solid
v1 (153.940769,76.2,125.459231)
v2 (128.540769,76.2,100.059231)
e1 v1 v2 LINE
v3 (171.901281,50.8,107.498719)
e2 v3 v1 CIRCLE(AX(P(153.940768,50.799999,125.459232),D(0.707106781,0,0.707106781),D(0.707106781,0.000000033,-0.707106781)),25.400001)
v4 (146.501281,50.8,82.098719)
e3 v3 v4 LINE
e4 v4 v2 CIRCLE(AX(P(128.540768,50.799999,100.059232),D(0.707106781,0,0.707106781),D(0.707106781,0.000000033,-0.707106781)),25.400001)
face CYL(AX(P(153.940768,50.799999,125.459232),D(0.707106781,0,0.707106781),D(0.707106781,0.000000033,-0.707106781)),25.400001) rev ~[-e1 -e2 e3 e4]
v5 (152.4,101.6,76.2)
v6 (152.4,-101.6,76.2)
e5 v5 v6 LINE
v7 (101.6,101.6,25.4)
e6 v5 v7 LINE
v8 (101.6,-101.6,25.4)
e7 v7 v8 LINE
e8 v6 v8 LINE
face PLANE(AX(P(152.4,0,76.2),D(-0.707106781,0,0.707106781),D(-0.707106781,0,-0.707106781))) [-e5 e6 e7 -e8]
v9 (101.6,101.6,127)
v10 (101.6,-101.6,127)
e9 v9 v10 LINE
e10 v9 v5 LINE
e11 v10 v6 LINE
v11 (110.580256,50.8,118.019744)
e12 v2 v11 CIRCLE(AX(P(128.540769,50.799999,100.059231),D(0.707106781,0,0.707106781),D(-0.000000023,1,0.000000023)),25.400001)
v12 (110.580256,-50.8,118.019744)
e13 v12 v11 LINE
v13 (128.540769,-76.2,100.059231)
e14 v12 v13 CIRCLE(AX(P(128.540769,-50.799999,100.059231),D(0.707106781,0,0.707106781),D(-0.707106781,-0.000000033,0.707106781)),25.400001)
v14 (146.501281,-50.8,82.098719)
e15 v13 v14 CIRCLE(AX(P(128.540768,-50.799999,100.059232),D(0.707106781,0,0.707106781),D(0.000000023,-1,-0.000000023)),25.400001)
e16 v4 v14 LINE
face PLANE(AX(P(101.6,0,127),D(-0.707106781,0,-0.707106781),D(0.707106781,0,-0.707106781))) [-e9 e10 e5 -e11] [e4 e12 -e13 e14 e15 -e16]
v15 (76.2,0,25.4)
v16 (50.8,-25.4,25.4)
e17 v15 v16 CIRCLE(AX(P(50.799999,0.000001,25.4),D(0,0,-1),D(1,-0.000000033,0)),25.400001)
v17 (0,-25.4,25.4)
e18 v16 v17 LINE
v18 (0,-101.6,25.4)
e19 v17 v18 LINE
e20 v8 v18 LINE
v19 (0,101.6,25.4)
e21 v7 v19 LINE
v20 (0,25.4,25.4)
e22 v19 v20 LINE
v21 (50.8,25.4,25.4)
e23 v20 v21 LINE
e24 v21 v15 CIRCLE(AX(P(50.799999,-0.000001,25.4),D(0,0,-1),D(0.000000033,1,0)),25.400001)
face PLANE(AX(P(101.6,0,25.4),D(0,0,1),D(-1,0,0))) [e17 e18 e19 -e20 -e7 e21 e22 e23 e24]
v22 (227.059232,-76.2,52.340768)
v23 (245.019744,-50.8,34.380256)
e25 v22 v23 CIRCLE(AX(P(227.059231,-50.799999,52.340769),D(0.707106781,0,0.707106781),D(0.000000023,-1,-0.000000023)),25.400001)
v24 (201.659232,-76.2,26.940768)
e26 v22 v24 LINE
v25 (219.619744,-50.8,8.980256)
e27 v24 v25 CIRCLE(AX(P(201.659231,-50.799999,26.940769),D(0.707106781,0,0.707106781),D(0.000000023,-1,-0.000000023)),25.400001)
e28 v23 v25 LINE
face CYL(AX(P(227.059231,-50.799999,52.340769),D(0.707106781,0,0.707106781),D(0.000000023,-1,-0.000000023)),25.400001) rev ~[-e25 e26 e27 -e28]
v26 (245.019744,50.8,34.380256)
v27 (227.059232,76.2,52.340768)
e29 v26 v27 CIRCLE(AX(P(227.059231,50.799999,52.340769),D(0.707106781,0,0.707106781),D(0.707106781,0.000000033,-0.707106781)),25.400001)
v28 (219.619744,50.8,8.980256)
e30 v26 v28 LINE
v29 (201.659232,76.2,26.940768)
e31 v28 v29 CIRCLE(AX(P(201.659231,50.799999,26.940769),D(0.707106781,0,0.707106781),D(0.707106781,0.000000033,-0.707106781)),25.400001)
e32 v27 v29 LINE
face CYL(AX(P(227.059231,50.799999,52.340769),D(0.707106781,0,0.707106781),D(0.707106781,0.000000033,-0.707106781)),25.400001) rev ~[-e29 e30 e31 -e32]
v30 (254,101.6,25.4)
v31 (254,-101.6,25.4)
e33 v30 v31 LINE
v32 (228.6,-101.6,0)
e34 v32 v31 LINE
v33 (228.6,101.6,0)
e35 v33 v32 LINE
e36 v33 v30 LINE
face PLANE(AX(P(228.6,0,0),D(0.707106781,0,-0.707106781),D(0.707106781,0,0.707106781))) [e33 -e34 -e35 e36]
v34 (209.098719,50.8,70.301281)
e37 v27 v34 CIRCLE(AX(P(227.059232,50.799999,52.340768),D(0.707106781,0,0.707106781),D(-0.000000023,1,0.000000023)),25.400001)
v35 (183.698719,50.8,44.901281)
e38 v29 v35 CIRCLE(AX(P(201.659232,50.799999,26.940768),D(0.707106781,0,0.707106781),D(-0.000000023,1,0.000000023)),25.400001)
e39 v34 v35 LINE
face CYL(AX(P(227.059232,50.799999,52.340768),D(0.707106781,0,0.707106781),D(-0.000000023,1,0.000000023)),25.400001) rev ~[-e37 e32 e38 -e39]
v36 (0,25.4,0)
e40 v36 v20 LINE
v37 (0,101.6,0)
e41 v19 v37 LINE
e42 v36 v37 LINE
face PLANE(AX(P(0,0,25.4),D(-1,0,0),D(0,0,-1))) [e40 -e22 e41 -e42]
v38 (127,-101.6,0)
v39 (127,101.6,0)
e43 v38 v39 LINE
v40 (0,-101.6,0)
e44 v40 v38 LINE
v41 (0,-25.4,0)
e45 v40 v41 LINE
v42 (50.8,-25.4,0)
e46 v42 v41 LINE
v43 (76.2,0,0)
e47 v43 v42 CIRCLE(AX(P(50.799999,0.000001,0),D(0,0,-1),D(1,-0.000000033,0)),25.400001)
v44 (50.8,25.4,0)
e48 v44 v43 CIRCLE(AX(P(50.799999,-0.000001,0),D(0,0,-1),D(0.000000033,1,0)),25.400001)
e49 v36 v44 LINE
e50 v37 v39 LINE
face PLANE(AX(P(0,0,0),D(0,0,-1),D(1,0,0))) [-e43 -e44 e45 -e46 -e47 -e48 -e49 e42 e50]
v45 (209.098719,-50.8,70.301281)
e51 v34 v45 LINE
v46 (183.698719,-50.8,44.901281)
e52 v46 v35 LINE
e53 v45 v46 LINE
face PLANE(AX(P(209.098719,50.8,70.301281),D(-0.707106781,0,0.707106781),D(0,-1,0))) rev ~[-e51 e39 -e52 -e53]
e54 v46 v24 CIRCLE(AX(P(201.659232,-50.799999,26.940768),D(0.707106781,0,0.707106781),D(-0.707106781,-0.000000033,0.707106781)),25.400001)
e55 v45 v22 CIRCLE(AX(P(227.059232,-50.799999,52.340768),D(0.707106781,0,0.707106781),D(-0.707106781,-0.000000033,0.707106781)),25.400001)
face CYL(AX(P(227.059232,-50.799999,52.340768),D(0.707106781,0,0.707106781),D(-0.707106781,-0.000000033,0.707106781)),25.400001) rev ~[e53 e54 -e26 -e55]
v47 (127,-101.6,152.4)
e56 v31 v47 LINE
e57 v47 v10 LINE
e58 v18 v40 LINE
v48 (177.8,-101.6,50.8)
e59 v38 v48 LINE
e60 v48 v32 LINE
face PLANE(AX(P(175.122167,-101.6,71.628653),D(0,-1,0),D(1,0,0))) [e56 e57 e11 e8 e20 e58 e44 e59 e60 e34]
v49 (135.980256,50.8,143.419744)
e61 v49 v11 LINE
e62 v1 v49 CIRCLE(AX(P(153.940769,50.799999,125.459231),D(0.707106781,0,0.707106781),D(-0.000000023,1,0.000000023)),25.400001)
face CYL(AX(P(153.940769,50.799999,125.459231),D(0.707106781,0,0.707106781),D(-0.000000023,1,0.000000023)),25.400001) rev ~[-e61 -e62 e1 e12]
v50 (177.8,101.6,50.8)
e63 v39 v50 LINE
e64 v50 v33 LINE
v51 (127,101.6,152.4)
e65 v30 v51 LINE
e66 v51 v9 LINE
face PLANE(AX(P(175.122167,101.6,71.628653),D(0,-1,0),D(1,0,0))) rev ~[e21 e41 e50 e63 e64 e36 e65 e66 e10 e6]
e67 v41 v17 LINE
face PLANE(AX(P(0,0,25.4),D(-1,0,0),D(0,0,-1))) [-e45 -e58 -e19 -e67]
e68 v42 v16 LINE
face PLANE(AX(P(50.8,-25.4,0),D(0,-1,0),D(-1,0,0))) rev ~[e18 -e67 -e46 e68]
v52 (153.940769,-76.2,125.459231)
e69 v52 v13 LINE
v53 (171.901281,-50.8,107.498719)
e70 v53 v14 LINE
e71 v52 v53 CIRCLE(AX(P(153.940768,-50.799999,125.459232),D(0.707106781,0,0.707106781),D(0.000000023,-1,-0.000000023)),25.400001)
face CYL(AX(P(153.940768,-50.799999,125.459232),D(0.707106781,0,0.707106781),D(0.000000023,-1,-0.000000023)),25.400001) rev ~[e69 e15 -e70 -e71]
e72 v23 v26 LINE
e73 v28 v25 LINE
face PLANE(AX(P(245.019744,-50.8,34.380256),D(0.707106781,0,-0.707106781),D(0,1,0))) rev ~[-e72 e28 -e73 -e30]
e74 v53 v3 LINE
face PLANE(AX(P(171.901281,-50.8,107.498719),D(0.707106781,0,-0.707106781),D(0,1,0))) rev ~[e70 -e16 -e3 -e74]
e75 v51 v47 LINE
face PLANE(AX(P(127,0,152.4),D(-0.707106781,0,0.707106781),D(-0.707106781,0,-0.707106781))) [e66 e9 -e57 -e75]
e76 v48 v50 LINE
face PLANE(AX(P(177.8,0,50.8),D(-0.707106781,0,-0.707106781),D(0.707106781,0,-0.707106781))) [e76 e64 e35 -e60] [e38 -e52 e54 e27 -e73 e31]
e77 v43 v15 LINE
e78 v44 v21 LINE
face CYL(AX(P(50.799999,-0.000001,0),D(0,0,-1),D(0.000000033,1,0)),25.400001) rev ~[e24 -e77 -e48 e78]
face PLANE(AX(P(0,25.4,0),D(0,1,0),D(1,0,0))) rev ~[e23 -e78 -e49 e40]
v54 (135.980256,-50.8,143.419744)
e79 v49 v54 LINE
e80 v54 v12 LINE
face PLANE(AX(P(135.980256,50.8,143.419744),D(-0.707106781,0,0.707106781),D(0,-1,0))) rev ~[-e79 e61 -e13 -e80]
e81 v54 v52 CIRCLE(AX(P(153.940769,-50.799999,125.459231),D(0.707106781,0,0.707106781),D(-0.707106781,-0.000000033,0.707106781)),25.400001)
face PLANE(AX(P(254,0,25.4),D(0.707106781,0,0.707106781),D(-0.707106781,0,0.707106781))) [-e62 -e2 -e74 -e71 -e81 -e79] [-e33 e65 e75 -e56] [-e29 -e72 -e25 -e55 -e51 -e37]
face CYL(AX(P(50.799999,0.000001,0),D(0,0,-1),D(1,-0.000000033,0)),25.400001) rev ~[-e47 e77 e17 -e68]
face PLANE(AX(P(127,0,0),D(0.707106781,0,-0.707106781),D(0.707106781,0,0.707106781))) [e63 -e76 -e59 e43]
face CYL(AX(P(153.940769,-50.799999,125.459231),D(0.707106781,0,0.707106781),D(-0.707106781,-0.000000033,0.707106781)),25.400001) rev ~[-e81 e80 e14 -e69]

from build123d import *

# Parameters (mm, degrees)
F1_DEPTH = 101.6
F3_DEPTH = 25.4
F5_DEPTH = 37.846


with BuildPart() as f1:
    # F0 (on Front) → F1 (new body, symmetric)
    with BuildSketch(Plane.XZ):
        Polygon((152.4, 76.2), (152.4, 25.4), (177.8, 50.8), (228.6, 0), (254, 25.4), (127, 152.4), (101.6, 127), align=None)
        Polygon((152.4, 76.2), (101.6, 25.4), (152.4, 25.4), align=None)
        Polygon((0, 25.4), (0, 0), (127, 0), (152.4, 25.4), (101.6, 25.4), align=None)
    extrude(amount=F1_DEPTH, both=True)

    # F2 (on face) → F3 (cut)
    with BuildSketch(Plane(origin=(0, 0, 0), x_dir=(1, 0, 0), z_dir=(0, 0, -1))):
        with BuildLine():
            Line((0, 25.4), (0, 0))
            Line((0, 0), (0, -25.4))
            Line((0, -25.4), (50.8, -25.4))
            ThreePointArc((50.8, -25.4), (68.760512, -17.960512), (76.2, 0))
            ThreePointArc((76.2, 0), (68.760512, 17.960512), (50.8, 25.4))
            Line((50.8, 25.4), (0, 25.4))
        make_face()
    extrude(amount=-F3_DEPTH, mode=Mode.SUBTRACT)

    # F4 (on face) → F5 (cut)
    with BuildSketch(Plane(origin=(139.7, 0, 139.7), x_dir=(0, 1, 0), z_dir=(0.707107, 0, 0.707107))):
        with BuildLine():
            ThreePointArc((-76.2, -20.139488), (-68.760512, -38.1), (-50.8, -45.539488))
            Line((-50.8, -45.539488), (50.8, -45.539488))
            ThreePointArc((50.8, -45.539488), (68.760512, -38.1), (76.2, -20.139488))
            ThreePointArc((76.2, -20.139488), (68.760512, -2.178976), (50.8, 5.260512))
            Line((50.8, 5.260512), (-50.8, 5.260512))
            ThreePointArc((-50.8, 5.260512), (-68.760512, -2.178976), (-76.2, -20.139488))
        make_face()
        with BuildLine():
            ThreePointArc((50.8, -148.94461), (68.760512, -141.505122), (76.2, -123.54461))
            ThreePointArc((76.2, -123.54461), (68.760512, -105.584098), (50.8, -98.14461))
            Line((50.8, -98.14461), (-50.8, -98.14461))
            ThreePointArc((-50.8, -98.14461), (-68.760512, -105.584098), (-76.2, -123.54461))
            ThreePointArc((-76.2, -123.54461), (-68.760512, -141.505122), (-50.8, -148.94461))
            Line((-50.8, -148.94461), (50.8, -148.94461))
        make_face()
    extrude(amount=-F5_DEPTH, mode=Mode.SUBTRACT)


solid = f1.part
